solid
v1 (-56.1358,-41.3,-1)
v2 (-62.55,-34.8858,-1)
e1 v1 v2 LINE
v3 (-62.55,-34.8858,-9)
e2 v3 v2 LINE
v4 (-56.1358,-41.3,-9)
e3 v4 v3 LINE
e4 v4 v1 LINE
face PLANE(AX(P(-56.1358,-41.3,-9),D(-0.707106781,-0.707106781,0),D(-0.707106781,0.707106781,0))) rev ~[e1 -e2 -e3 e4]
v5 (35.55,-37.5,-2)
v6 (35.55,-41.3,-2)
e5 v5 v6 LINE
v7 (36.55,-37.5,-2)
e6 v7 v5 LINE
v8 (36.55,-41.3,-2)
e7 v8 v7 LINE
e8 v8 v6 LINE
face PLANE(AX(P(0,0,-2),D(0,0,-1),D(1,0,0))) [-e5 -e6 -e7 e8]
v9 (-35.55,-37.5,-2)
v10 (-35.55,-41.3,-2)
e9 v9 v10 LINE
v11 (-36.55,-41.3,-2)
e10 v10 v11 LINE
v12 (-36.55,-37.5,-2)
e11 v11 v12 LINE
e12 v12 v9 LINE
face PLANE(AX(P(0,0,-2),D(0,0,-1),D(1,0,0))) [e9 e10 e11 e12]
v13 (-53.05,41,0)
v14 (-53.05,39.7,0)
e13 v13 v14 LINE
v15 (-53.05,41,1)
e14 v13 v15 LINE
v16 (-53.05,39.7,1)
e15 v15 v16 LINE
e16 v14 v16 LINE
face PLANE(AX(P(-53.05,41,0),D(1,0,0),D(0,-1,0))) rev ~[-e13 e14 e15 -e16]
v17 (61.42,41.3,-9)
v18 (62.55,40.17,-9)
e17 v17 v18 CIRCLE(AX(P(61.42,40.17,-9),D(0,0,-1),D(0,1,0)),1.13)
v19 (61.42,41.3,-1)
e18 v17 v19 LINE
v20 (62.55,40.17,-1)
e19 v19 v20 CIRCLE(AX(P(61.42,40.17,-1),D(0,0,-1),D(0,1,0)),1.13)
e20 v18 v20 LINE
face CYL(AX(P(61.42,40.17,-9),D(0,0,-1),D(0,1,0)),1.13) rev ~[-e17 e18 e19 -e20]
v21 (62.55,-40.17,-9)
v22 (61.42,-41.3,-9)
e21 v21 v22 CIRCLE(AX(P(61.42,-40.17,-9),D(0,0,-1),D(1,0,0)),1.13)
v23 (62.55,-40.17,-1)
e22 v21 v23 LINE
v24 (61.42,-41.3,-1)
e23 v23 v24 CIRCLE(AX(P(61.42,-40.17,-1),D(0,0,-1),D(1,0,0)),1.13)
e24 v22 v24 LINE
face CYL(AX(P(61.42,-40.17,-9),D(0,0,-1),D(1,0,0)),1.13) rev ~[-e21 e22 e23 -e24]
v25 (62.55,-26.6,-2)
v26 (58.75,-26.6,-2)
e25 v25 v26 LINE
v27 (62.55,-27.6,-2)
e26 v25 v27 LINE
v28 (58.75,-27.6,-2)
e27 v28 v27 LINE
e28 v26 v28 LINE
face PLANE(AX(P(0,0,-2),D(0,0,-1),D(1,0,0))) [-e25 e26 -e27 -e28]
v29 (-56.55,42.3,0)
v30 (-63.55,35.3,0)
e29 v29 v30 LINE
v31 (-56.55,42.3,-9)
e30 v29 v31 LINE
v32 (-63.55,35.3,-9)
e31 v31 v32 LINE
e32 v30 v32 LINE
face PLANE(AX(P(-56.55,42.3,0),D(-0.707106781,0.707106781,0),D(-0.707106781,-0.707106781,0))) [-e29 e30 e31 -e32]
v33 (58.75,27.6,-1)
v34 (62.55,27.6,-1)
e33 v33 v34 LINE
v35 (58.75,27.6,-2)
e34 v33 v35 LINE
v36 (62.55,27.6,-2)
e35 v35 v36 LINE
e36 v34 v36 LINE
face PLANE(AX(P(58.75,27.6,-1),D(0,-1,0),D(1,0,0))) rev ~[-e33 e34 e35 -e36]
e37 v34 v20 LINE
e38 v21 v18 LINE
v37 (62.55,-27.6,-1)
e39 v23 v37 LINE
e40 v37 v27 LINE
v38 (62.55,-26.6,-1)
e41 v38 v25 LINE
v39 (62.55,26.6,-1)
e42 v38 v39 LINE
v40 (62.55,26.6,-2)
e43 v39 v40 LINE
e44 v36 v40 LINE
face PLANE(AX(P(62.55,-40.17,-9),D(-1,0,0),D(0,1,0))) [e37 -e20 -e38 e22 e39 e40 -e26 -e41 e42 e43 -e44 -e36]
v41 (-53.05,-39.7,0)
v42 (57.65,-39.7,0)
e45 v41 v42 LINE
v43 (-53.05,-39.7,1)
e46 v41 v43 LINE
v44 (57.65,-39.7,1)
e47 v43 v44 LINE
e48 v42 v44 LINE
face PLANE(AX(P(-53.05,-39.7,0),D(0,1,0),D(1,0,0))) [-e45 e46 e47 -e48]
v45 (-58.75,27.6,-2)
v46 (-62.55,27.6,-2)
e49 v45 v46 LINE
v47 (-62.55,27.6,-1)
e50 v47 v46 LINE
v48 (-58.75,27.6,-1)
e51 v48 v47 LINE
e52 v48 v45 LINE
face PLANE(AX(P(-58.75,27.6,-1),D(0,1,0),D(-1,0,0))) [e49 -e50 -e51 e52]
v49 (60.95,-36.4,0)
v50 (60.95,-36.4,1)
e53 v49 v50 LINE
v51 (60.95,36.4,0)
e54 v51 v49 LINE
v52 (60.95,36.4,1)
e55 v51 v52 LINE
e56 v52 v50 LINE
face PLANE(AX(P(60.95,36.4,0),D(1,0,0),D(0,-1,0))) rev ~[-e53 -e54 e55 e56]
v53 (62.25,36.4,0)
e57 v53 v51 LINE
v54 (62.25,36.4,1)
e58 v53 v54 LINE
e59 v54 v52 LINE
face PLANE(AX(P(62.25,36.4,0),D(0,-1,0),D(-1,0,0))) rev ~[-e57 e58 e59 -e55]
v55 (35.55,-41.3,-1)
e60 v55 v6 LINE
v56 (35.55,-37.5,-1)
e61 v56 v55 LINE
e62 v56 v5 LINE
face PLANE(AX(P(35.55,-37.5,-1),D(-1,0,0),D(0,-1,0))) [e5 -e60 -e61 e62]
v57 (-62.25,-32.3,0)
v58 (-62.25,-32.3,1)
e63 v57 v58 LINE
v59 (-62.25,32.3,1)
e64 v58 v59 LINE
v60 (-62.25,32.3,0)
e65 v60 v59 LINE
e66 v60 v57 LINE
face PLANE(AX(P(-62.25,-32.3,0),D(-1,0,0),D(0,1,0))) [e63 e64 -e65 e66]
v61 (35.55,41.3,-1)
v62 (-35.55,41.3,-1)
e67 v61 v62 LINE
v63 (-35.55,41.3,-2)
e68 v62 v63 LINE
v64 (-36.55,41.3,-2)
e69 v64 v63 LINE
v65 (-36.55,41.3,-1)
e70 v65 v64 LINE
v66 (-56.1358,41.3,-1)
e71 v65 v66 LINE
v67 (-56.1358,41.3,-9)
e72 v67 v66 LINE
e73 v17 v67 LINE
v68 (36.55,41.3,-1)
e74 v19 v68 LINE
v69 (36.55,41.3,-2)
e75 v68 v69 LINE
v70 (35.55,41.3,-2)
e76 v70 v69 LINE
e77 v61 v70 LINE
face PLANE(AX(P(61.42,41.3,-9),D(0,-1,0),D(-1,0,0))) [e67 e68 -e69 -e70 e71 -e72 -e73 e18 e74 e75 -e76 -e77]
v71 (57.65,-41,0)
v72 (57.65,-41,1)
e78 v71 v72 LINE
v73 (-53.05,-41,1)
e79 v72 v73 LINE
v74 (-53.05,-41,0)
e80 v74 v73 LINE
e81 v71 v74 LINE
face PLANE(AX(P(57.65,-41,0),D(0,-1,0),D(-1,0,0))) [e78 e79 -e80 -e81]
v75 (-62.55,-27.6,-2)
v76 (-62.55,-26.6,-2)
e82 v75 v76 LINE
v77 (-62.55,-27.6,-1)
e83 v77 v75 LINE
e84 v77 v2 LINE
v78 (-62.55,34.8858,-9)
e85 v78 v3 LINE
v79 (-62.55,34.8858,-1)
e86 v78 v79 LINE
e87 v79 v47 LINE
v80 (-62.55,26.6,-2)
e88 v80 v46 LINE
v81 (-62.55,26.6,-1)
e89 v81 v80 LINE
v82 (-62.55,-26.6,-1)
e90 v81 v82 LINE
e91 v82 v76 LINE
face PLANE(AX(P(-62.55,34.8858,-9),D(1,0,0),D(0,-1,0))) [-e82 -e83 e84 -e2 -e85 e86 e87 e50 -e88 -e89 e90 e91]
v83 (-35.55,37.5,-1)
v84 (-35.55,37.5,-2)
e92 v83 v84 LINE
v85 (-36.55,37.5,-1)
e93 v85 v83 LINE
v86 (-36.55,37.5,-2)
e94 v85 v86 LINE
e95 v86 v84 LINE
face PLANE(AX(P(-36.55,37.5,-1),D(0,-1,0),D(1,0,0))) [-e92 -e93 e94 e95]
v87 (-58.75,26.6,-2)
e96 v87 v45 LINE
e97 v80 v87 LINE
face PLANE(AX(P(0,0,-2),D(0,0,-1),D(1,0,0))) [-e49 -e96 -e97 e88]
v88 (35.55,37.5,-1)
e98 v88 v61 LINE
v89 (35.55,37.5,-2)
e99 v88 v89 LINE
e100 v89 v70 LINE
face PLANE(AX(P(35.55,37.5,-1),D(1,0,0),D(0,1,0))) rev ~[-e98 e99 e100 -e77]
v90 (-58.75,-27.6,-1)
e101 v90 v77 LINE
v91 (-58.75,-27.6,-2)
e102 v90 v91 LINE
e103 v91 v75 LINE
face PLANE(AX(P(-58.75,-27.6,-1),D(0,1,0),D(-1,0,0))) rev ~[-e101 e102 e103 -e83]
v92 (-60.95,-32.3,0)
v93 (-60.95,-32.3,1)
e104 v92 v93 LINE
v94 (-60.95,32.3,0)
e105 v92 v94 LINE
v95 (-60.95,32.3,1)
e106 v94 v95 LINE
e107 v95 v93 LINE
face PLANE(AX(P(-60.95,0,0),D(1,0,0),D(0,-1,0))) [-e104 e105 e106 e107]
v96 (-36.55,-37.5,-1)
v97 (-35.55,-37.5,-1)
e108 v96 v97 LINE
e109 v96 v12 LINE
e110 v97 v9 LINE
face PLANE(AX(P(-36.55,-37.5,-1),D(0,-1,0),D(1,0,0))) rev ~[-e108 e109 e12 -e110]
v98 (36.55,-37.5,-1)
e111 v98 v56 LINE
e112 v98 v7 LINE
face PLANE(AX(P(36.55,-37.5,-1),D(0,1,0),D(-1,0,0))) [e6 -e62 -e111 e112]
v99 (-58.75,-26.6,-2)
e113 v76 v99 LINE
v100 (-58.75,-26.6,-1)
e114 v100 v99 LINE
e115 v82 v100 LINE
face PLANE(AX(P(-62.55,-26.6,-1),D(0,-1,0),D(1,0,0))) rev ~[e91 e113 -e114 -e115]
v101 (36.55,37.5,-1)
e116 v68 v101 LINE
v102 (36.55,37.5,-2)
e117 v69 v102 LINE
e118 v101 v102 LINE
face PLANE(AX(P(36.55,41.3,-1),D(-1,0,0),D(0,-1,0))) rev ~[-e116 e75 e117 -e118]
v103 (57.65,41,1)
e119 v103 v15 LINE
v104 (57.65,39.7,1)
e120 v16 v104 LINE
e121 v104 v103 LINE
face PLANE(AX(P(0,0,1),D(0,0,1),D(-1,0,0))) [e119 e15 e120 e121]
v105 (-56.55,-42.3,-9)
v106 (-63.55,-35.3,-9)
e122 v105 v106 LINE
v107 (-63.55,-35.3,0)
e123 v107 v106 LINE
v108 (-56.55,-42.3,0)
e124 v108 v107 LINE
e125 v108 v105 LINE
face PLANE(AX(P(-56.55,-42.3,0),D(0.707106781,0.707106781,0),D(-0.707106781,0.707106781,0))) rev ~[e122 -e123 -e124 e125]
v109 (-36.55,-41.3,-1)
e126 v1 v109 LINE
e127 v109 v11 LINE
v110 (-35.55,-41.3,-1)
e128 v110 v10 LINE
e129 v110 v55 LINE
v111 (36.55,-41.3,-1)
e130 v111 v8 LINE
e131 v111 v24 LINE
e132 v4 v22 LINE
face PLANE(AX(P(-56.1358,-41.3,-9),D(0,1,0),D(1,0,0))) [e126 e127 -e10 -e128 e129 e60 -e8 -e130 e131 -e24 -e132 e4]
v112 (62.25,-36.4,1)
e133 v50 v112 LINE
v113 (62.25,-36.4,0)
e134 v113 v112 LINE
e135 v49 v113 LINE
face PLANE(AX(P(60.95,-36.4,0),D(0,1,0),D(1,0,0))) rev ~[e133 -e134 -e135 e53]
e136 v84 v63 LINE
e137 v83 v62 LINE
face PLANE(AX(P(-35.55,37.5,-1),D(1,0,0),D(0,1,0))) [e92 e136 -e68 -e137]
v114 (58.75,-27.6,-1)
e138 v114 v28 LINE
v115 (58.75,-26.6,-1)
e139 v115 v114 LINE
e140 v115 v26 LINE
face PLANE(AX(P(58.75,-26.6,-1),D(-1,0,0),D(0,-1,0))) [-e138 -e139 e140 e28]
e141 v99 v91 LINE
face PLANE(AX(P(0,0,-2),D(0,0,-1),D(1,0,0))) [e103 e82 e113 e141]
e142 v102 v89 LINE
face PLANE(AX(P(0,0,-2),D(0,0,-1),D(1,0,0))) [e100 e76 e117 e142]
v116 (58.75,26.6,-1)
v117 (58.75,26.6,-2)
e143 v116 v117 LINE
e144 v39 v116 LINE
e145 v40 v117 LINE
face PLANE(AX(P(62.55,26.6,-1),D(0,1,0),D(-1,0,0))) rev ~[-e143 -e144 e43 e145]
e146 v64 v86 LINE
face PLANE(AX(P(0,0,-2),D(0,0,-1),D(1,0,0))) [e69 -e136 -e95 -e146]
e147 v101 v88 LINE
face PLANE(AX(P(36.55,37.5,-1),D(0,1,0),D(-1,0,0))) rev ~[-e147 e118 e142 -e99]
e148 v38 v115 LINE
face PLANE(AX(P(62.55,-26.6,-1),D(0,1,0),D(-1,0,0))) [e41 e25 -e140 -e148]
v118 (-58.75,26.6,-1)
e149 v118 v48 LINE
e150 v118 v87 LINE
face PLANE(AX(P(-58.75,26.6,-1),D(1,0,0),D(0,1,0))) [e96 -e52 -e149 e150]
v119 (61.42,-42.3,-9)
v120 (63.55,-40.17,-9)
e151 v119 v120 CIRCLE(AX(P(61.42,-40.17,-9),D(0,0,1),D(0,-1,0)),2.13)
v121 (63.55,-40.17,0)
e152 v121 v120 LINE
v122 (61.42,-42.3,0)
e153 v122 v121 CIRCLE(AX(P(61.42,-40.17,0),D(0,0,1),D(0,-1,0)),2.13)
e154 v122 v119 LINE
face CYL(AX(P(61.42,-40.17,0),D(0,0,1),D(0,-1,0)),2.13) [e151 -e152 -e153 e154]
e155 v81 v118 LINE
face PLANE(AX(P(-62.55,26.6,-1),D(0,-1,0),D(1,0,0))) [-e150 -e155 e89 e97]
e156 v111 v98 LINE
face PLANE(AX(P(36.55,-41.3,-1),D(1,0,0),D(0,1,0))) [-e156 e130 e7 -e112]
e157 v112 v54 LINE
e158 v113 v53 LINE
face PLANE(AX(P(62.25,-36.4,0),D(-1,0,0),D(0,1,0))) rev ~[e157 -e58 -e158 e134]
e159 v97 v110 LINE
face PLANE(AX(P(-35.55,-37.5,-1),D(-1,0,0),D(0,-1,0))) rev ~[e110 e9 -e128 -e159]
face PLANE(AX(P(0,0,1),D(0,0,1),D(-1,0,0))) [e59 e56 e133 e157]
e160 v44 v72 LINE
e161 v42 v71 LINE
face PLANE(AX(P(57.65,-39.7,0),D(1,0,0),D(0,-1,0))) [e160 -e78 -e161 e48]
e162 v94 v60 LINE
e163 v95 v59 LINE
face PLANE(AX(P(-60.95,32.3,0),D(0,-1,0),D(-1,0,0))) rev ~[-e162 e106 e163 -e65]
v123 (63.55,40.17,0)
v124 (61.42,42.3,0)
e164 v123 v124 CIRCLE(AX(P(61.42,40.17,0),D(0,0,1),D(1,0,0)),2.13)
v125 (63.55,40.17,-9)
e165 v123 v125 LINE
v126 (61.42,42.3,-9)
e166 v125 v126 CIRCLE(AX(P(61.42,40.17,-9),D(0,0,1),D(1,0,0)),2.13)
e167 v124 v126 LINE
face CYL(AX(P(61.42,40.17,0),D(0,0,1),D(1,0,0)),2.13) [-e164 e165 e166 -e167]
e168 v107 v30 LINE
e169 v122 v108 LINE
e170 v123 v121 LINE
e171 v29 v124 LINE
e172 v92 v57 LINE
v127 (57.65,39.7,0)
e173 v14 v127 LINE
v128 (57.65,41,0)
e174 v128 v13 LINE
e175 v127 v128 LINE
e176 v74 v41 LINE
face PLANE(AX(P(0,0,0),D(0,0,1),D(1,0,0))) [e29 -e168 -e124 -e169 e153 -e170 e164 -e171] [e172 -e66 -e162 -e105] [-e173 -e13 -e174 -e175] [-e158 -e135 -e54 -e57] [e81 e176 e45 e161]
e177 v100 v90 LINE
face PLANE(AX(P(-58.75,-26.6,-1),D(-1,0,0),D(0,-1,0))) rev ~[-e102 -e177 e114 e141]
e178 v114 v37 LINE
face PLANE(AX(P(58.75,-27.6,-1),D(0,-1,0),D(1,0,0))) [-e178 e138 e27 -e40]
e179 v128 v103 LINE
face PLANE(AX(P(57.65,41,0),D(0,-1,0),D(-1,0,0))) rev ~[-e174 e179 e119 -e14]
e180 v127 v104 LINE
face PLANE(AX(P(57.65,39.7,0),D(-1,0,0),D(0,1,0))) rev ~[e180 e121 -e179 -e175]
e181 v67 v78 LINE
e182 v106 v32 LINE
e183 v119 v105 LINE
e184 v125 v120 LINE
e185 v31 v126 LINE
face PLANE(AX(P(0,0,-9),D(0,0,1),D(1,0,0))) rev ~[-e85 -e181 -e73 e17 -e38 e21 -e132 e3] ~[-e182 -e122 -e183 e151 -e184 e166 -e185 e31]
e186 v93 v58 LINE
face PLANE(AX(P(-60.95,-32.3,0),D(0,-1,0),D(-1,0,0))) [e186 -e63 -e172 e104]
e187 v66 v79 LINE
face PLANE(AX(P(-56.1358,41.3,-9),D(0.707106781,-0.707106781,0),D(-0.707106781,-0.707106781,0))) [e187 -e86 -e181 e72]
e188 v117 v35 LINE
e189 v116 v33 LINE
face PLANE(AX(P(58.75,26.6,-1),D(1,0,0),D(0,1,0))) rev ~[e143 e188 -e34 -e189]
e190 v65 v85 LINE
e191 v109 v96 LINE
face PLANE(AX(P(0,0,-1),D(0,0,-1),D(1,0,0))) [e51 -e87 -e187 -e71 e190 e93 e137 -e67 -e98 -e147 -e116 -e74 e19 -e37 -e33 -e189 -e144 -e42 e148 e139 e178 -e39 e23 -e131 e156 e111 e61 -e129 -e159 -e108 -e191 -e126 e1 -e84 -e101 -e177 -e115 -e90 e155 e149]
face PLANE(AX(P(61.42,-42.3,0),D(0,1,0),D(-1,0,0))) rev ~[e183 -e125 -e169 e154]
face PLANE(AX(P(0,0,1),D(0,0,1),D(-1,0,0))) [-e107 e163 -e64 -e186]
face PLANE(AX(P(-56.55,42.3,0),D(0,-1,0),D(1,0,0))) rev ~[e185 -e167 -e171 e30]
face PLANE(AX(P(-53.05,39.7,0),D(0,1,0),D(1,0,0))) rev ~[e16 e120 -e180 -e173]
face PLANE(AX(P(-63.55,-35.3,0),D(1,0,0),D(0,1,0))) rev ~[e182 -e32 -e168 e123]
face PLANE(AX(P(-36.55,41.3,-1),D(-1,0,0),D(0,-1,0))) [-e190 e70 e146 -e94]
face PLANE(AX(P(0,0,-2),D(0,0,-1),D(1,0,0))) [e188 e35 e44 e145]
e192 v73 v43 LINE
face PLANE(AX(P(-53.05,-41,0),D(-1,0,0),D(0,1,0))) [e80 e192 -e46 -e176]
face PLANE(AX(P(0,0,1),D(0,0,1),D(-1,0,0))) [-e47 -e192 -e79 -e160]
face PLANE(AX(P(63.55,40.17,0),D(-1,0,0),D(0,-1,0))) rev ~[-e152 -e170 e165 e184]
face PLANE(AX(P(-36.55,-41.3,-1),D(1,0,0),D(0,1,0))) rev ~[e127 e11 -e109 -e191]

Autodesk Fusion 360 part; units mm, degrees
sketch "Sketch1" plane through (0, 0, 0) normal (0, 0, 1) x (1, 0, 0)
  line L0 (61.42, -42.3) -> (-56.55, -42.3)
  line L1 (-63.55, -35.3) -> (-63.55, 35.3)
  line L2 (-56.55, 42.3) -> (61.42, 42.3)
  line L3 (63.55, 40.17) -> (63.55, -40.17)
  line L4 (63.55, -42.3) -> (-63.55, 42.3) construction
  line L5 (-63.55, -42.3) -> (63.55, 42.3) construction
  line L6 (-56.55, 42.3) -> (-63.55, 35.3)
  line L7 (0, -42.3) -> (0, 42.3) construction
  line L8 (63.55, 0) -> (-63.55, 0) construction
  line L9 (-56.55, -42.3) -> (-63.55, -35.3)
  arc A0 (63.55, 40.17) -> (61.42, 42.3) centre (61.42, 40.17) ccw
  arc A1 (61.42, -42.3) -> (63.55, -40.17) centre (61.42, -40.17) ccw
  dimension "d1" = 84.6
  dimension "d2" = 127.1
  dimension "d3" = 7
  dimension "d4" = 7
  dimension "d5" = 2.13
extrude "Extrude1" add sketch "Sketch1" against normal blind 9
sketch "Sketch2" plane through (0, 0, -9) normal (0, 0, -1) x (1, 0, 0)
  line L0 (61.42, 42.3) -> (-56.55, 42.3)
  line L1 (-56.55, 42.3) -> (-63.55, 35.3)
  line L2 (-63.55, 35.3) -> (-63.55, -35.3)
  line L3 (-63.55, -35.3) -> (-56.55, -42.3)
  line L4 (-56.55, -42.3) -> (61.42, -42.3)
  arc A0 (61.42, -42.3) -> (63.55, -40.17) centre (61.42, -40.17) ccw
  line L5 (63.55, -40.17) -> (63.55, 40.17)
  arc A1 (63.55, 40.17) -> (61.42, 42.3) centre (61.42, 40.17) ccw
  line L6 (61.42, -41.3) -> (-56.1358, -41.3)
  line L7 (-62.55, -34.8858) -> (-62.55, 34.8858)
  line L8 (-56.1358, 41.3) -> (61.42, 41.3)
  line L9 (62.55, 40.17) -> (62.55, -40.17)
  line L10 (62.55, -41.3) -> (-62.55, 41.3) construction
  line L11 (-62.55, -41.3) -> (62.55, 41.3) construction
  line L12 (-56.1358, 41.3) -> (-62.55, 34.8858)
  arc A2 (62.55, 40.17) -> (61.42, 41.3) centre (61.42, 40.17) ccw
  line L13 (63.55, 0) -> (-63.55, 0) construction
  line L14 (-56.1358, -41.3) -> (-62.55, -34.8858)
  arc A3 (61.42, -41.3) -> (62.55, -40.17) centre (61.42, -40.17) ccw
  dimension "d8" = 125.1
  dimension "d9" = 82.6
  dimension "d10" = 6.4142
  dimension "d11" = 6.4142
  dimension "d12" = 1
  dimension "d13" = 1.13
extrude "Extrude2" cut sketch "Sketch2" against normal blind 8 contours L6 L7 L8 L9 L12 A2 L14 A3
sketch "Sketch3" plane through (0, 0, -1) normal (0, 0, -1) x (1, 0, 0)
  line L0 (-56.1358, -41.3) -> (61.42, -41.3)
  arc A0 (61.42, -41.3) -> (62.55, -40.17) centre (61.42, -40.17) ccw
  line L1 (62.55, -40.17) -> (62.55, 40.17)
  arc A1 (62.55, 40.17) -> (61.42, 41.3) centre (61.42, 40.17) ccw
  line L2 (61.42, 41.3) -> (-56.1358, 41.3)
  line L3 (-56.1358, 41.3) -> (-62.55, 34.8858)
  line L4 (-62.55, 34.8858) -> (-62.55, -34.8858)
  line L5 (-62.55, -34.8858) -> (-56.1358, -41.3)
  line L6 (-62.55, 32.8642) -> (-35.55, 32.8642) construction
  line L7 (-35.55, 32.8642) -> (-35.55, 41.3) construction
  line L8 (-35.55, 41.3) -> (-36.55, 41.3)
  line L9 (-36.55, 41.3) -> (-36.55, 37.5)
  line L10 (-36.55, 37.5) -> (-35.55, 37.5)
  line L11 (-35.55, 37.5) -> (-35.55, 41.3)
  line L12 (-50.2731, 41.3) -> (-50.2731, 26.6) construction
  line L13 (-50.2731, 26.6) -> (-62.55, 26.6) construction
  line L14 (-62.55, 26.6) -> (-58.75, 26.6)
  line L15 (-58.75, 26.6) -> (-58.75, 27.6)
  line L16 (-58.75, 27.6) -> (-62.55, 27.6)
  line L17 (-62.55, 27.6) -> (-62.55, 26.6)
  line L18 (62.55, 0) -> (-62.55, 0) construction
  line L19 (-62.55, 30.673) -> (-62.55, 55) construction
  line L20 (62.55, 34.8173) -> (62.55, 55) construction
  line L21 (62.55, 55) -> (-62.55, 55) construction
  line L22 (0, 55) -> (0, -41.3) construction
  line L23 (62.55, 27.6) -> (62.55, 26.6)
  line L24 (62.55, 26.6) -> (58.75, 26.6)
  line L25 (58.75, 27.6) -> (62.55, 27.6)
  line L26 (58.75, 26.6) -> (58.75, 27.6)
  line L27 (36.55, 41.3) -> (36.55, 37.5)
  line L28 (35.55, 37.5) -> (35.55, 41.3)
  line L29 (36.55, 37.5) -> (35.55, 37.5)
  line L30 (35.55, 41.3) -> (36.55, 41.3)
  line L31 (62.55, -26.6) -> (58.75, -26.6)
  line L32 (58.75, -27.6) -> (62.55, -27.6)
  line L33 (58.75, -26.6) -> (58.75, -27.6)
  line L34 (35.55, -37.5) -> (35.55, -41.3)
  line L35 (36.55, -37.5) -> (35.55, -37.5)
  line L36 (36.55, -41.3) -> (36.55, -37.5)
  line L37 (62.55, -27.6) -> (62.55, -26.6)
  line L38 (35.55, -41.3) -> (36.55, -41.3)
  line L39 (-58.75, -26.6) -> (-58.75, -27.6)
  line L40 (-62.55, -26.6) -> (-58.75, -26.6)
  line L41 (-58.75, -27.6) -> (-62.55, -27.6)
  line L42 (-62.55, -27.6) -> (-62.55, -26.6)
  line L43 (-36.55, -37.5) -> (-35.55, -37.5)
  line L44 (-35.55, -37.5) -> (-35.55, -41.3)
  line L45 (-36.55, -41.3) -> (-36.55, -37.5)
  line L46 (-35.55, -41.3) -> (-36.55, -41.3)
  dimension "d16" = 27
  dimension "d17" = 3.8
  dimension "d18" = 1
  dimension "d19" = 14.7
  dimension "d20" = 3.8
  dimension "d21" = 1
extrude "Extrude3" add sketch "Sketch3" along normal blind 1 contours L0 L43 L44 L45 L46 | L4 L39 L40 L41 L42 | L0 L34 L35 L36 L38 | L4 L14 L15 L16 L17 | L1 L31 L32 L33 L37 | L2 L8 L9 L10 L11 | L1 L23 L24 L25 L26 | L2 L27 L28 L29 L30
sketch "Sketch4" plane through (0, 0, 0) normal (0, 0, 1) x (-1, 0, 0)
  line L0 (56.55, 42.3) -> (-61.42, 42.3)
  arc A0 (-61.42, 42.3) -> (-63.55, 40.17) centre (-61.42, 40.17) ccw
  line L1 (-63.55, 40.17) -> (-63.55, -40.17)
  arc A1 (-63.55, -40.17) -> (-61.42, -42.3) centre (-61.42, -40.17) ccw
  line L2 (-61.42, -42.3) -> (56.55, -42.3)
  line L3 (56.55, -42.3) -> (63.55, -35.3)
  line L4 (63.55, -35.3) -> (63.55, 35.3)
  line L5 (63.55, 35.3) -> (56.55, 42.3)
  line L6 (-63.55, -34.3916) -> (-62.25, -34.3916) construction
  line L7 (-62.25, -34.3916) -> (-62.25, -36.4) construction
  line L8 (-60, -42.3) -> (-66.2, -42.3) construction
  line L9 (-63.55, -39.2433) -> (-63.55, -43.1) construction
  line L10 (-62.25, -36.4) -> (-60.95, -36.4)
  line L11 (-60.95, -36.4) -> (-60.95, 36.4)
  line L12 (-60.95, 36.4) -> (-62.25, 36.4)
  line L13 (-62.25, 36.4) -> (-62.25, -36.4)
  line L14 (-52.6219, -42.3) -> (-52.6219, -41) construction
  line L15 (-52.6219, -41) -> (-57.65, -41) construction
  line L16 (-57.65, -41) -> (53.05, -41)
  line L17 (53.05, -41) -> (53.05, -39.7)
  line L18 (53.05, -39.7) -> (-57.65, -39.7)
  line L19 (-57.65, -39.7) -> (-57.65, -41)
  line L20 (53.05, 39.7) -> (-57.65, 39.7)
  line L21 (-57.65, 41) -> (53.05, 41)
  line L22 (-57.65, 39.7) -> (-57.65, 41)
  line L23 (53.05, 41) -> (53.05, 39.7)
  line L24 (60.95, 0) -> (60.95, -32.3)
  line L25 (60.95, -32.3) -> (62.25, -32.3)
  line L26 (62.25, -32.3) -> (62.25, 0)
  line L27 (60.95, 0) -> (60.95, 32.3)
  line L28 (62.25, 32.3) -> (62.25, 0)
  line L29 (60.95, 32.3) -> (62.25, 32.3)
  line L30 (-63.55, 0) -> (60.95, 0) construction
  line L31 (62.25, 0) -> (63.55, 0) construction
  dimension "d24" = 1.3
  dimension "d25" = 5.9
  dimension "d26" = 72.8
  dimension "d27" = 1.3
  dimension "d28" = 1.3
  dimension "d29" = 5.9
  dimension "d30" = 1.3
  dimension "d31" = 110.7
  dimension "d32" = 32.3
  dimension "d33" = 1.3
  dimension "d34" = 1.3
extrude "Extrude4" add sketch "Sketch4" along normal blind 1 contours L10 L11 L12 L13 | L16 L17 L18 L19 | L20 L21 L22 L23 | L24 L25 L26 L27 L28 L29
equation "d4 = d3"
equation "d11 = d10"
